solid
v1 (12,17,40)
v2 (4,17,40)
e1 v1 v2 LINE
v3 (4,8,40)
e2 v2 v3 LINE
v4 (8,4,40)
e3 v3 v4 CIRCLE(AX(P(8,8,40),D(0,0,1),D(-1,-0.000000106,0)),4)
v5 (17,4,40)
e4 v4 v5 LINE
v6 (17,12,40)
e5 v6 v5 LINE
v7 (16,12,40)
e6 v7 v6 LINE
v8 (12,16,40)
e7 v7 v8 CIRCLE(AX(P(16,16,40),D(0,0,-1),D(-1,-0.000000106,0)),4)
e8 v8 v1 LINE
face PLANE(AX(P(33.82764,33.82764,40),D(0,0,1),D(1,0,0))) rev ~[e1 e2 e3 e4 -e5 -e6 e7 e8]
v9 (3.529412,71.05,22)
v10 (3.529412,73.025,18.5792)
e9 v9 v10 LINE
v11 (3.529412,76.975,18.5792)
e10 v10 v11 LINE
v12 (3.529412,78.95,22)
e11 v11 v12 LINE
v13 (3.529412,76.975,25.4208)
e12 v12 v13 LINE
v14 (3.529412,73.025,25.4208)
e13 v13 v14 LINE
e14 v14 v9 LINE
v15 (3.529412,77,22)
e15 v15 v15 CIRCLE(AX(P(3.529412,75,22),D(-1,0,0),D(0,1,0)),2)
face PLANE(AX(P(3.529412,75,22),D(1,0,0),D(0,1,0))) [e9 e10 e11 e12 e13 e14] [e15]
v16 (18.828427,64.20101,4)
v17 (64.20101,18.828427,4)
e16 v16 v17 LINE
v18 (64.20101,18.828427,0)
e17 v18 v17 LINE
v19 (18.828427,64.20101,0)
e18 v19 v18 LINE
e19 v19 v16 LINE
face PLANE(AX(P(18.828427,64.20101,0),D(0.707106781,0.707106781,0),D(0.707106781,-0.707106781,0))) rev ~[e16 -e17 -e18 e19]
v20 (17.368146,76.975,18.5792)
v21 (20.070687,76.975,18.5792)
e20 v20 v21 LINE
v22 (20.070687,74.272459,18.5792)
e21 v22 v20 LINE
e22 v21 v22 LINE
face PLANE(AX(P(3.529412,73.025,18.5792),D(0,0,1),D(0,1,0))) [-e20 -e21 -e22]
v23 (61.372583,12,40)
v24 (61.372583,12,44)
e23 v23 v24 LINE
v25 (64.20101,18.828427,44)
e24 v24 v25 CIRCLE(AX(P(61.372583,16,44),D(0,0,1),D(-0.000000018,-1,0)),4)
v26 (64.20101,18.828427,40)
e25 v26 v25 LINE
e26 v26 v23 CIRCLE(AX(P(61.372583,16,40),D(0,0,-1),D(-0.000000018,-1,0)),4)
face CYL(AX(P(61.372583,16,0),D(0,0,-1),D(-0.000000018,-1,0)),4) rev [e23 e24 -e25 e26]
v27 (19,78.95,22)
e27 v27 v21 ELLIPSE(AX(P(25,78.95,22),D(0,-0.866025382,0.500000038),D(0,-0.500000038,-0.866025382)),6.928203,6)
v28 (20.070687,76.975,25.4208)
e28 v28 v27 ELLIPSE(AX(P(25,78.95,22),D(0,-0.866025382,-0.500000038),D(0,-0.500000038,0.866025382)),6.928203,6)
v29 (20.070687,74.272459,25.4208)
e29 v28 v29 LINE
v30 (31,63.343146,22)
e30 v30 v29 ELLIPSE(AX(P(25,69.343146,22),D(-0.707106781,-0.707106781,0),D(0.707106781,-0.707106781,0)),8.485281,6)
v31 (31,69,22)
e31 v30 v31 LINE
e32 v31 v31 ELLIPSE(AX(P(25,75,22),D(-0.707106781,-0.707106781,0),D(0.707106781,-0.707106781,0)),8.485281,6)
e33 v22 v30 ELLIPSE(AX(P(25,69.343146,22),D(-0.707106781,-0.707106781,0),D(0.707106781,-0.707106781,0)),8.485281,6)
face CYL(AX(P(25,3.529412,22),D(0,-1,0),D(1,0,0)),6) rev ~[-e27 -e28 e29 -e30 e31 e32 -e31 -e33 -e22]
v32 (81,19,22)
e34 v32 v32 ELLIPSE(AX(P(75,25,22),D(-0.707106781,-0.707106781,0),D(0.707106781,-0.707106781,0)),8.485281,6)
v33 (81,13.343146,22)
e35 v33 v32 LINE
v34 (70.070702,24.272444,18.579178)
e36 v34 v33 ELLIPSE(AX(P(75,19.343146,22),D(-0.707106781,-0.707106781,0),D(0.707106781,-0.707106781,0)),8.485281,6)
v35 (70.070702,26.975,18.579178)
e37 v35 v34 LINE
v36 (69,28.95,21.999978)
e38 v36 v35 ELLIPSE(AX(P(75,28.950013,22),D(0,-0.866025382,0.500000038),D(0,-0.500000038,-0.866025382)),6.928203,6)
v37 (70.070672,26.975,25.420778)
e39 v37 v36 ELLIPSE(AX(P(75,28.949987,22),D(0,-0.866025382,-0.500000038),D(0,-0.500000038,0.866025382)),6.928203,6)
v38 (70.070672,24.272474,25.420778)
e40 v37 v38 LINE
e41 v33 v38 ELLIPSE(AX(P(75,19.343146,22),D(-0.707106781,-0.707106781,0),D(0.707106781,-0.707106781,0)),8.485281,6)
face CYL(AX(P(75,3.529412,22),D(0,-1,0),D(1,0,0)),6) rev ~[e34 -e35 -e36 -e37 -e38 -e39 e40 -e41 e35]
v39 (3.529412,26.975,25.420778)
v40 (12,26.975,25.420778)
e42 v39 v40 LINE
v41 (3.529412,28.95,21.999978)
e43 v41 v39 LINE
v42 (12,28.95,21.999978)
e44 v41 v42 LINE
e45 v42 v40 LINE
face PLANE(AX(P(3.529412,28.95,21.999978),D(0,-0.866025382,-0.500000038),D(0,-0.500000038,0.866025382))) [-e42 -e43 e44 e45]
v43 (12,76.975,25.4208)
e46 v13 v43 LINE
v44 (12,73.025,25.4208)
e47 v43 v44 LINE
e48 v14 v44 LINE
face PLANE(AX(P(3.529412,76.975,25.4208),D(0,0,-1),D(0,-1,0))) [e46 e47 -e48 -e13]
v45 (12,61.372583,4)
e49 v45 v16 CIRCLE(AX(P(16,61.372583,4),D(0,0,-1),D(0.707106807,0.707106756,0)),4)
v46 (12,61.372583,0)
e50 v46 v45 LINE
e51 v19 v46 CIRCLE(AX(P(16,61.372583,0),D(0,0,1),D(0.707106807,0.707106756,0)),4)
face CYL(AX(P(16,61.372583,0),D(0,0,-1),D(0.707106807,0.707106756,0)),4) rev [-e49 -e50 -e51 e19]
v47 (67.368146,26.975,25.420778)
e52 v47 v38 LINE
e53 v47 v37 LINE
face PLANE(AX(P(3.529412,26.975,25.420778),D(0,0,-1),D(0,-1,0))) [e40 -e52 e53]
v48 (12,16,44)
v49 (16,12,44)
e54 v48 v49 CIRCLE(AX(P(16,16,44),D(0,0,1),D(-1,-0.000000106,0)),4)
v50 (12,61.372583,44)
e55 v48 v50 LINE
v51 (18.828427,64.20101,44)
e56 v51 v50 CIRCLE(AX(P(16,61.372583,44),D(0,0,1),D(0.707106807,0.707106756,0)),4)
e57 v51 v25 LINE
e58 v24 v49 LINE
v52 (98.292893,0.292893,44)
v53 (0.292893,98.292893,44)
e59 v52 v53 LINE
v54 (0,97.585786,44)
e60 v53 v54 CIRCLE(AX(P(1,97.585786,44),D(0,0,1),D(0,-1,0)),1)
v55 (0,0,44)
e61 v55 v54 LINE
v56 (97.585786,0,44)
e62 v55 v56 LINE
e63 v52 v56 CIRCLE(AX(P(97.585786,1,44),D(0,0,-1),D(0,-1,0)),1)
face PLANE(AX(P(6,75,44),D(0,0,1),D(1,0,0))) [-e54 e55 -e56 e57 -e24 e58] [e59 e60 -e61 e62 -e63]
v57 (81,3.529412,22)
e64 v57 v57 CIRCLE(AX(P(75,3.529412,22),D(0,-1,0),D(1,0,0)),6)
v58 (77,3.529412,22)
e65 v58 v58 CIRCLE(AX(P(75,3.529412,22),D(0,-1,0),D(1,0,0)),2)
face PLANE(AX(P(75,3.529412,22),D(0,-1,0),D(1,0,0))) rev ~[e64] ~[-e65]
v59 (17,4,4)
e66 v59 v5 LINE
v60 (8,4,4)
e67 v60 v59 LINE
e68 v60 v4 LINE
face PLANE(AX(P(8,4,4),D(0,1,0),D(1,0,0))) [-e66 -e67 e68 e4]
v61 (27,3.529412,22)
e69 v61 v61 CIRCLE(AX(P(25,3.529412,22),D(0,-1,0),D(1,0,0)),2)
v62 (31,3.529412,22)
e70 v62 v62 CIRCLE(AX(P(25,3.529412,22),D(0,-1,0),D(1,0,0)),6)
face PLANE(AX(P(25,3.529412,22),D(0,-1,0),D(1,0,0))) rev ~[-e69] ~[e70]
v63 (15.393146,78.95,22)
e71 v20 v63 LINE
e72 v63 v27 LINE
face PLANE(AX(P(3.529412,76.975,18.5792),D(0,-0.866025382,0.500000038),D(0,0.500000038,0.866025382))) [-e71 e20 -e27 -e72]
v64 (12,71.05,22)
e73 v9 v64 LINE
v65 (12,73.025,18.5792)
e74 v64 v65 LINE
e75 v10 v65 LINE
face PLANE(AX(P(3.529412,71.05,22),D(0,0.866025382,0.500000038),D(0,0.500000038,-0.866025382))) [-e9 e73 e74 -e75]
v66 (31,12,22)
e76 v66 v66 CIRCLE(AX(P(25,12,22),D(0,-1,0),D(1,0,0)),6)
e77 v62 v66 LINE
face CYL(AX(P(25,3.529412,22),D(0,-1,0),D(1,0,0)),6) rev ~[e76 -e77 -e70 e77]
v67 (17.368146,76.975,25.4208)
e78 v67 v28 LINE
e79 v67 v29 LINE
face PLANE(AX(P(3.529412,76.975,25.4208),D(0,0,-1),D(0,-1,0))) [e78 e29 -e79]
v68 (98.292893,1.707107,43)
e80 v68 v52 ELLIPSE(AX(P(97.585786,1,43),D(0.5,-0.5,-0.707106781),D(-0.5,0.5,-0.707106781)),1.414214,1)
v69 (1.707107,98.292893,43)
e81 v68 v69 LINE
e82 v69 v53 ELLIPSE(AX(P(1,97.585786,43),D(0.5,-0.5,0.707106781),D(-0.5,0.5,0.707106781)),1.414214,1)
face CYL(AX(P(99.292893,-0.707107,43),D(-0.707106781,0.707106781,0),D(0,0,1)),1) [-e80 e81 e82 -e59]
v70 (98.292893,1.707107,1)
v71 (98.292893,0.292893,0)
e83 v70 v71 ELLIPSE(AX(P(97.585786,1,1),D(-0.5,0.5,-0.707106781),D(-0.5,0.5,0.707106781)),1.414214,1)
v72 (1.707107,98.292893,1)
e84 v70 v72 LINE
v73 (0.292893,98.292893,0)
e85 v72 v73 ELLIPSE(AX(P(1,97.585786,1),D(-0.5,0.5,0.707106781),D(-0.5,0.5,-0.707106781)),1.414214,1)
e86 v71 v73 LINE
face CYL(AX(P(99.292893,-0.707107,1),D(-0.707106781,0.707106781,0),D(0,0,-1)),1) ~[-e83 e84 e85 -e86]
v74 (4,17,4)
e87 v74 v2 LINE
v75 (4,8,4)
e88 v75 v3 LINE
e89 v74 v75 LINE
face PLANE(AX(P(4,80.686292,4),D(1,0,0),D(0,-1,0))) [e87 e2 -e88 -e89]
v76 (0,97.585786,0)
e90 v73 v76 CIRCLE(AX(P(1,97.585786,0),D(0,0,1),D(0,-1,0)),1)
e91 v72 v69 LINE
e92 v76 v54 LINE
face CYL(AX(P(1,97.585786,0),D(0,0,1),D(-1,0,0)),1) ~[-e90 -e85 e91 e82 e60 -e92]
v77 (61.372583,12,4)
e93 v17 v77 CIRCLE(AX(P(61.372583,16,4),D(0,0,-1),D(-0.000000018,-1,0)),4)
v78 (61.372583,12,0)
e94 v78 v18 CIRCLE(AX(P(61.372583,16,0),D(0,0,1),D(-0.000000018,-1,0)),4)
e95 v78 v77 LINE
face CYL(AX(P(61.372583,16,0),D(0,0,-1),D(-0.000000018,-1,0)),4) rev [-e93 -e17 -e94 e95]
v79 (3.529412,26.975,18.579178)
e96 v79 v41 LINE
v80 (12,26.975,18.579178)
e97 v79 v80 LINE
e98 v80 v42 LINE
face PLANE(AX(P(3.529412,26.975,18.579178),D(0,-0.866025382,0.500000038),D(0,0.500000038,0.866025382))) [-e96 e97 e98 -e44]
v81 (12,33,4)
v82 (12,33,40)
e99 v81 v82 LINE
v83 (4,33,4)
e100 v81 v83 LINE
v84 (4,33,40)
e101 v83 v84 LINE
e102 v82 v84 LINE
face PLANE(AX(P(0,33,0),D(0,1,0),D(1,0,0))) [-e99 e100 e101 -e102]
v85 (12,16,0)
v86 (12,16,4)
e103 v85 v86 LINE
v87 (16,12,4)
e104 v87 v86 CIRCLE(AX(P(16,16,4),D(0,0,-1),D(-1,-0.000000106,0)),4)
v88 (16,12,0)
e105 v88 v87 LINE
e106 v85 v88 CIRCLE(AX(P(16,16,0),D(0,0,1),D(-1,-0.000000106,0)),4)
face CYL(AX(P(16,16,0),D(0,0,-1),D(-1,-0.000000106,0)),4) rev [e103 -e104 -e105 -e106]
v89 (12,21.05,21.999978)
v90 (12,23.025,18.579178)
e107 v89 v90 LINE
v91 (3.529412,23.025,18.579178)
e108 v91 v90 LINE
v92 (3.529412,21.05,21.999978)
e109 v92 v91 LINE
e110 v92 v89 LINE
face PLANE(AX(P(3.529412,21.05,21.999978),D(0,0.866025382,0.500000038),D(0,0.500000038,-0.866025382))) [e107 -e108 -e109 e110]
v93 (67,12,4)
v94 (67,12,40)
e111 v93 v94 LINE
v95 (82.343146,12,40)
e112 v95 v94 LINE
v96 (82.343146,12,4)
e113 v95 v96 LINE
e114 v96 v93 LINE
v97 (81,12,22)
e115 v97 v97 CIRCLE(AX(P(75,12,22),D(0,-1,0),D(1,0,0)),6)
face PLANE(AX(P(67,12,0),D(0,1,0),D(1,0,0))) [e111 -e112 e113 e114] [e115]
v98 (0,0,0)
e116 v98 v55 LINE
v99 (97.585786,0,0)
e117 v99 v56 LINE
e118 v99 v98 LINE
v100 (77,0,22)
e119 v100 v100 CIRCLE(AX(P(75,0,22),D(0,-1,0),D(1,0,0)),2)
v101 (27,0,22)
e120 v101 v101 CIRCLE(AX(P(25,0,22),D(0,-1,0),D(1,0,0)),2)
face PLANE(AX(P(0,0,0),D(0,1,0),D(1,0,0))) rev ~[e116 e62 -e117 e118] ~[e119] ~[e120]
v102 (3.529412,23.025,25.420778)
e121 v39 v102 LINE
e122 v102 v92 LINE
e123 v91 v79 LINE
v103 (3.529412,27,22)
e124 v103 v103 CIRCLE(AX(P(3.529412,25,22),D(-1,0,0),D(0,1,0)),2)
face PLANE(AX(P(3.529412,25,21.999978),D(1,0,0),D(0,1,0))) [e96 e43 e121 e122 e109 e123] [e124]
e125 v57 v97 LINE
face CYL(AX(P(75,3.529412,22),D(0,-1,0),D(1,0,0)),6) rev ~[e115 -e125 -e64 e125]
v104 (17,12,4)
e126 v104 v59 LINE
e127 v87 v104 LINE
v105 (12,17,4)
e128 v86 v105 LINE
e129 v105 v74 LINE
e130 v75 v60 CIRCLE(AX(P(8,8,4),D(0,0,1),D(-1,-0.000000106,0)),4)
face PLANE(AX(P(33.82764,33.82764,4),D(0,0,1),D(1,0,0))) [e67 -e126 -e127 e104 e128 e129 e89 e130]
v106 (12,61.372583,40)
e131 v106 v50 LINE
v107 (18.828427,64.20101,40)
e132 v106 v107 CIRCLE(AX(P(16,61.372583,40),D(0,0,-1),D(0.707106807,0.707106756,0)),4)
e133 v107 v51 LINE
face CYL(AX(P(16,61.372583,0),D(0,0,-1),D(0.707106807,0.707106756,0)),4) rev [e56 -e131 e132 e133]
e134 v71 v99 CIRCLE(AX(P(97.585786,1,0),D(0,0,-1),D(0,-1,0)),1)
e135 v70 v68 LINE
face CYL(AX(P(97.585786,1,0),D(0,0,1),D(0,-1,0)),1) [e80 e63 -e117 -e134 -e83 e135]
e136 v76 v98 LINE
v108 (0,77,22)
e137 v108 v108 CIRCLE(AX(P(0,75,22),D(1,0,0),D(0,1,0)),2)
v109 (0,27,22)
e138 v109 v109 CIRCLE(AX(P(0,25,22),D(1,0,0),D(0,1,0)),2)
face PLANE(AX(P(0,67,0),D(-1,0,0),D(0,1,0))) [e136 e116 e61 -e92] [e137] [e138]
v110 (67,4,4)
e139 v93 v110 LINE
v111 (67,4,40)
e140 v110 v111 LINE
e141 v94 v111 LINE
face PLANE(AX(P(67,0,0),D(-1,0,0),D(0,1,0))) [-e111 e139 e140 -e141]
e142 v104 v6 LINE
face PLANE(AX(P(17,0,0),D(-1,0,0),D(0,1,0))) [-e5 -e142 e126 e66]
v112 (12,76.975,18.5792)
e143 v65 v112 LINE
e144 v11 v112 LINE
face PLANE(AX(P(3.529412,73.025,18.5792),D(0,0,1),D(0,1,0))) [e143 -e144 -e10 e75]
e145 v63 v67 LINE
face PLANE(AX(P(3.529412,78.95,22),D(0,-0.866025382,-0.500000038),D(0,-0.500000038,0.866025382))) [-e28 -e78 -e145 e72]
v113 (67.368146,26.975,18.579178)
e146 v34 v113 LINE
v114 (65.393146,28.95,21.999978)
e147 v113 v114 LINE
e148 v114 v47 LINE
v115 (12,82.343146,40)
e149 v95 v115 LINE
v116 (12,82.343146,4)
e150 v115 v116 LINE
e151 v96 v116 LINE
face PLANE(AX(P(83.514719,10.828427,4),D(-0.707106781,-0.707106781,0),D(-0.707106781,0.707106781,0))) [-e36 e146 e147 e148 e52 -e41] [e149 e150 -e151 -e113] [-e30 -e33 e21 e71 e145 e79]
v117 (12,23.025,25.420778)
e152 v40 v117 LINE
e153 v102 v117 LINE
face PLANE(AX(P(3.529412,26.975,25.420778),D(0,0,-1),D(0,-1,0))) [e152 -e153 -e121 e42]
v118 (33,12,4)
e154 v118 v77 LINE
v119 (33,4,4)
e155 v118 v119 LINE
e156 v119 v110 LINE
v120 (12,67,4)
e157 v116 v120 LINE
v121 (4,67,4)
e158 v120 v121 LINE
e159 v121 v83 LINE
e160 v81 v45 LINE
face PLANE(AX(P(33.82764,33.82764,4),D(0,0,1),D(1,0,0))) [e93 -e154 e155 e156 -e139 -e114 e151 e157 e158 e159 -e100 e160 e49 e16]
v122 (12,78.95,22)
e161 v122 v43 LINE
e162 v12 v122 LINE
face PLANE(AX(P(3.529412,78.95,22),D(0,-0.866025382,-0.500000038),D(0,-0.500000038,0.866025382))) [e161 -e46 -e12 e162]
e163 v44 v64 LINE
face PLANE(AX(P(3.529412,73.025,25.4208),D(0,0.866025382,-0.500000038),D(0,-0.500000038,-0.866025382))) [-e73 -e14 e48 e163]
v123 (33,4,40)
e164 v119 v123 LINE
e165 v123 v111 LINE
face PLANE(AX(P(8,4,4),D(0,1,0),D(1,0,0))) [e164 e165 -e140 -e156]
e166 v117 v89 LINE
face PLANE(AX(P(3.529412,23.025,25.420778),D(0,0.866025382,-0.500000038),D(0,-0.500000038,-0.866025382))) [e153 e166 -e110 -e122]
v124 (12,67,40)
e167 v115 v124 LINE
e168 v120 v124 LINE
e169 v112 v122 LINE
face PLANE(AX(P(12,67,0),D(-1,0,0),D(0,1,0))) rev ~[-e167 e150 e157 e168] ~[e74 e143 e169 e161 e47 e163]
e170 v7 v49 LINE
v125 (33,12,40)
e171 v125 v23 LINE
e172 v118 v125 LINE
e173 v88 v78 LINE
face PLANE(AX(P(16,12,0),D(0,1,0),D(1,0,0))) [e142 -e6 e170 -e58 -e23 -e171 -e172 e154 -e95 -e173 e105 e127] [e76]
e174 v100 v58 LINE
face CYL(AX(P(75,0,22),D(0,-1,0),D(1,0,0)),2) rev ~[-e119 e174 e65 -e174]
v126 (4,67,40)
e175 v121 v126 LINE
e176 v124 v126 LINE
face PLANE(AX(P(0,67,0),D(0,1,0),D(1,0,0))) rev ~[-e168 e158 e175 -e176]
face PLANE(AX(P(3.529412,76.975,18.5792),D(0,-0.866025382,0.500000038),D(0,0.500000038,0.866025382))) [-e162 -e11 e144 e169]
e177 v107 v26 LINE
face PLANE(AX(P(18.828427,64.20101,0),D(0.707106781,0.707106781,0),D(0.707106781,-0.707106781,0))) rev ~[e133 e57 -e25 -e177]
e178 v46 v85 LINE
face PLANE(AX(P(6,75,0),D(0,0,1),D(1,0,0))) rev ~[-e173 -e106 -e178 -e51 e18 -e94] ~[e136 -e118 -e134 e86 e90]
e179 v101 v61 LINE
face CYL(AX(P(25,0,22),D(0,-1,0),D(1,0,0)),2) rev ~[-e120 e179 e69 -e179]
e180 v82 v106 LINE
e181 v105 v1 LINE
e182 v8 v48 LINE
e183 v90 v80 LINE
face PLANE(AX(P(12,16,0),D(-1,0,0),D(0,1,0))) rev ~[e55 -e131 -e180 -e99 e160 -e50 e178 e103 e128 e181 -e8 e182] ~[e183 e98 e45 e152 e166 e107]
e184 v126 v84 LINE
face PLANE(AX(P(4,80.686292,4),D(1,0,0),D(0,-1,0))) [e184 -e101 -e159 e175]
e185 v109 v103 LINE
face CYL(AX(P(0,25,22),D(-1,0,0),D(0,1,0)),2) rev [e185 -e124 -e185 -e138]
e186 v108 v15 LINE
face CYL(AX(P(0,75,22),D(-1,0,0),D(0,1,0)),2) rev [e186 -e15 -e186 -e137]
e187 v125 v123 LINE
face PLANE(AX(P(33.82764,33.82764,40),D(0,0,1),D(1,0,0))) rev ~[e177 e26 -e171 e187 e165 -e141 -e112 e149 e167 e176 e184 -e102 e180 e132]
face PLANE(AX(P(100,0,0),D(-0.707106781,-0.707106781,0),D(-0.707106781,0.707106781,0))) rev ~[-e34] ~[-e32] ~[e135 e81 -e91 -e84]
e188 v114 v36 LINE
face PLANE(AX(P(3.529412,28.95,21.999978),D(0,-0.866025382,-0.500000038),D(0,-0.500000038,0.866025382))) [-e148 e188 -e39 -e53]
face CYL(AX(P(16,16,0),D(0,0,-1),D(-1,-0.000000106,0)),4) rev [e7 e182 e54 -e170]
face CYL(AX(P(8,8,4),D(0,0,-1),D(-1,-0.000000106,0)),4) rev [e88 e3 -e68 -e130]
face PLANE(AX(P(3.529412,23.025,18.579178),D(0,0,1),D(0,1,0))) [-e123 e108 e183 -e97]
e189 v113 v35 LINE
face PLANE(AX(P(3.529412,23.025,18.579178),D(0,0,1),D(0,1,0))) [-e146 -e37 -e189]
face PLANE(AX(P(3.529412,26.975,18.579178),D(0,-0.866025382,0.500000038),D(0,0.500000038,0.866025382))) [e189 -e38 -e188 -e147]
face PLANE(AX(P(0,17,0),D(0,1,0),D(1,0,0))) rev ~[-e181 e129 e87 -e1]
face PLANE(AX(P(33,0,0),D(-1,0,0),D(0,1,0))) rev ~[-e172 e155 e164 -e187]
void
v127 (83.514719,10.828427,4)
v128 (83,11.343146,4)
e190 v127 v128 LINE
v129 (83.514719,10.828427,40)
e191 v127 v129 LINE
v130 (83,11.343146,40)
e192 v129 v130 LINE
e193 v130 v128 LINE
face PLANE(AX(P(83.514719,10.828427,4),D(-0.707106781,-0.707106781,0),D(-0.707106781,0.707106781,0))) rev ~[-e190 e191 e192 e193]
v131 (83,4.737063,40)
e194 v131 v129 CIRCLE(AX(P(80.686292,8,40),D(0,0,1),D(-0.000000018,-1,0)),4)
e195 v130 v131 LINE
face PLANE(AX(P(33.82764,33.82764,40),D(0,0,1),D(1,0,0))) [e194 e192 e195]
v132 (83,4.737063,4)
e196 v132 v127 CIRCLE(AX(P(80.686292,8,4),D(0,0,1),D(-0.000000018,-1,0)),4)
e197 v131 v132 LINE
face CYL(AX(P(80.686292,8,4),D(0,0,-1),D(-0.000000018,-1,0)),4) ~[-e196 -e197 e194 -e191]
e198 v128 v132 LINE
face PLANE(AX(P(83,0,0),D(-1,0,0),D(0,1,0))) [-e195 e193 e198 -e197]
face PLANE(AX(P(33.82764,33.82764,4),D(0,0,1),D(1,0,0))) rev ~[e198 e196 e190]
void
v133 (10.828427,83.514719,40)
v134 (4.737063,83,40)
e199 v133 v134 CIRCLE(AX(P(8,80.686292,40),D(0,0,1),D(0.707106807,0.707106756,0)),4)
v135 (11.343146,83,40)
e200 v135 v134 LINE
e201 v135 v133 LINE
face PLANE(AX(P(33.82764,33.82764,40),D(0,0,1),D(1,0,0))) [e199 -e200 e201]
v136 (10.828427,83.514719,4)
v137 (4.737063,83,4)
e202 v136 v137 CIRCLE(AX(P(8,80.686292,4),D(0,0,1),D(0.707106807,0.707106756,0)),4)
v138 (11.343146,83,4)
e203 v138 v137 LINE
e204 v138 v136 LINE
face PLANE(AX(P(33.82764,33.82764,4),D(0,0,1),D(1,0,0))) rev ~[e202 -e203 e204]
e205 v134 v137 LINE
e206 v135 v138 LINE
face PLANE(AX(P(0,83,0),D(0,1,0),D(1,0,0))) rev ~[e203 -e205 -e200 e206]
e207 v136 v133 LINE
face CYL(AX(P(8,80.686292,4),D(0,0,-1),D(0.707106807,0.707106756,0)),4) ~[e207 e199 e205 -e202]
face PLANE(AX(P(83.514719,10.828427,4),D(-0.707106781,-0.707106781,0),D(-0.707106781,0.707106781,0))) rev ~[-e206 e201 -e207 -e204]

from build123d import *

# Parameters (mm, degrees)
PAD003_DEPTH    = 44
POCKET007_DEPTH = 36
SKETCH025_W     = 12
SKETCH025_H     = 16
SKETCH025_W_2   = 16
SKETCH025_H_2   = 12
PAD004_DEPTH    = 44
SKETCH026_R     = 2
POCKET008_DEPTH = 100
SKETCH027_R     = 6
POCKET009_DEPTH = 100
SKETCH028_R     = 2
POCKET010_DEPTH = 100
POCKET011_DEPTH = 100
FILLET007_R     = 1


with BuildPart() as part:
    # Sketch023 → Pad003 (new body)
    with BuildSketch(Plane.XY):
        Polygon((0, 100), (0, 0), (100, 0), align=None)
        with BuildLine():
            Line((12, 16), (12, 61.372583))
            ThreePointArc((18.828427, 64.20101), (14.469266, 65.068101), (12, 61.372583))
            Line((18.828427, 64.20101), (64.20101, 18.828427))
            ThreePointArc((61.372583, 12), (65.068101, 14.469266), (64.20101, 18.828427))
            Line((16, 12), (61.372583, 12))
            ThreePointArc((12, 16), (13.171573, 13.171573), (16, 12))
        make_face(mode=Mode.SUBTRACT)
    extrude(amount=PAD003_DEPTH)

    # Sketch024 → Pocket007 (cut)
    with BuildSketch(Plane(origin=(-1, 0, 4), x_dir=(1, 0, 0), z_dir=(0, 0, 1))):
        with BuildLine():
            Line((5, 80.686292), (5, 8))
            ThreePointArc((5, 8), (6.171573, 5.171573), (9, 4))
            Line((9, 4), (81.686292, 4))
            ThreePointArc((81.686292, 4), (85.38181, 6.469266), (84.514719, 10.828427))
            Line((84.514719, 10.828427), (11.828427, 83.514719))
            ThreePointArc((11.828427, 83.514719), (7.469266, 84.38181), (5, 80.686292))
        make_face()
    extrude(amount=POCKET007_DEPTH, mode=Mode.SUBTRACT)

    # Sketch025 → Pad004 (join)
    with BuildSketch(Plane.XY):
        with Locations((6, 75)):
            Rectangle(SKETCH025_W, SKETCH025_H)
        with Locations((6, 25)):
            Rectangle(SKETCH025_W, SKETCH025_H)
        with Locations((25, 6)):
            Rectangle(SKETCH025_W_2, SKETCH025_H_2)
        with Locations((75, 6)):
            Rectangle(SKETCH025_W_2, SKETCH025_H_2)
    extrude(amount=PAD004_DEPTH)

    # Sketch026 → Pocket008 (cut)
    with BuildSketch(Plane.XZ):
        with Locations((25, 22)):
            Circle(SKETCH026_R)
        with Locations((75, 22)):
            Circle(SKETCH026_R)
    extrude(amount=-POCKET008_DEPTH, mode=Mode.SUBTRACT)

    # Sketch027 → Pocket009 (cut)
    with BuildSketch(Plane.XZ.offset(-3.529412)):
        with Locations((25, 22)):
            Circle(SKETCH027_R)
        with Locations((75, 22)):
            Circle(SKETCH027_R)
    extrude(amount=-POCKET009_DEPTH, mode=Mode.SUBTRACT)

    # Sketch028 → Pocket010 (cut)
    with BuildSketch(Plane.YZ):
        with Locations((75, 22)):
            Circle(SKETCH028_R)
        with Locations((25, 22)):
            Circle(SKETCH028_R)
    extrude(amount=POCKET010_DEPTH, mode=Mode.SUBTRACT)

    # Sketch029 → Pocket011 (cut)
    with BuildSketch(Plane.YZ.offset(3.529412)):
        Polygon((21.05, 21.999978), (23.025, 18.579178), (26.975, 18.579178), (28.95, 21.999978), (26.975, 25.420778), (23.025, 25.420778), align=None)
        Polygon((76.975, 25.4208), (73.025, 25.4208), (71.05, 22), (73.025, 18.5792), (76.975, 18.5792), (78.95, 22), align=None)
    extrude(amount=POCKET011_DEPTH, mode=Mode.SUBTRACT)

    # Fillet007
    fillet007_edges = [part.edges().sort_by_distance(p)[0] for p in [
        (50, 50, 44),
        (50, 50, 0),
        (100, 0, 22),
        (0, 100, 22),
    ]]
    fillet(fillet007_edges, radius=FILLET007_R)


solid = part.part
